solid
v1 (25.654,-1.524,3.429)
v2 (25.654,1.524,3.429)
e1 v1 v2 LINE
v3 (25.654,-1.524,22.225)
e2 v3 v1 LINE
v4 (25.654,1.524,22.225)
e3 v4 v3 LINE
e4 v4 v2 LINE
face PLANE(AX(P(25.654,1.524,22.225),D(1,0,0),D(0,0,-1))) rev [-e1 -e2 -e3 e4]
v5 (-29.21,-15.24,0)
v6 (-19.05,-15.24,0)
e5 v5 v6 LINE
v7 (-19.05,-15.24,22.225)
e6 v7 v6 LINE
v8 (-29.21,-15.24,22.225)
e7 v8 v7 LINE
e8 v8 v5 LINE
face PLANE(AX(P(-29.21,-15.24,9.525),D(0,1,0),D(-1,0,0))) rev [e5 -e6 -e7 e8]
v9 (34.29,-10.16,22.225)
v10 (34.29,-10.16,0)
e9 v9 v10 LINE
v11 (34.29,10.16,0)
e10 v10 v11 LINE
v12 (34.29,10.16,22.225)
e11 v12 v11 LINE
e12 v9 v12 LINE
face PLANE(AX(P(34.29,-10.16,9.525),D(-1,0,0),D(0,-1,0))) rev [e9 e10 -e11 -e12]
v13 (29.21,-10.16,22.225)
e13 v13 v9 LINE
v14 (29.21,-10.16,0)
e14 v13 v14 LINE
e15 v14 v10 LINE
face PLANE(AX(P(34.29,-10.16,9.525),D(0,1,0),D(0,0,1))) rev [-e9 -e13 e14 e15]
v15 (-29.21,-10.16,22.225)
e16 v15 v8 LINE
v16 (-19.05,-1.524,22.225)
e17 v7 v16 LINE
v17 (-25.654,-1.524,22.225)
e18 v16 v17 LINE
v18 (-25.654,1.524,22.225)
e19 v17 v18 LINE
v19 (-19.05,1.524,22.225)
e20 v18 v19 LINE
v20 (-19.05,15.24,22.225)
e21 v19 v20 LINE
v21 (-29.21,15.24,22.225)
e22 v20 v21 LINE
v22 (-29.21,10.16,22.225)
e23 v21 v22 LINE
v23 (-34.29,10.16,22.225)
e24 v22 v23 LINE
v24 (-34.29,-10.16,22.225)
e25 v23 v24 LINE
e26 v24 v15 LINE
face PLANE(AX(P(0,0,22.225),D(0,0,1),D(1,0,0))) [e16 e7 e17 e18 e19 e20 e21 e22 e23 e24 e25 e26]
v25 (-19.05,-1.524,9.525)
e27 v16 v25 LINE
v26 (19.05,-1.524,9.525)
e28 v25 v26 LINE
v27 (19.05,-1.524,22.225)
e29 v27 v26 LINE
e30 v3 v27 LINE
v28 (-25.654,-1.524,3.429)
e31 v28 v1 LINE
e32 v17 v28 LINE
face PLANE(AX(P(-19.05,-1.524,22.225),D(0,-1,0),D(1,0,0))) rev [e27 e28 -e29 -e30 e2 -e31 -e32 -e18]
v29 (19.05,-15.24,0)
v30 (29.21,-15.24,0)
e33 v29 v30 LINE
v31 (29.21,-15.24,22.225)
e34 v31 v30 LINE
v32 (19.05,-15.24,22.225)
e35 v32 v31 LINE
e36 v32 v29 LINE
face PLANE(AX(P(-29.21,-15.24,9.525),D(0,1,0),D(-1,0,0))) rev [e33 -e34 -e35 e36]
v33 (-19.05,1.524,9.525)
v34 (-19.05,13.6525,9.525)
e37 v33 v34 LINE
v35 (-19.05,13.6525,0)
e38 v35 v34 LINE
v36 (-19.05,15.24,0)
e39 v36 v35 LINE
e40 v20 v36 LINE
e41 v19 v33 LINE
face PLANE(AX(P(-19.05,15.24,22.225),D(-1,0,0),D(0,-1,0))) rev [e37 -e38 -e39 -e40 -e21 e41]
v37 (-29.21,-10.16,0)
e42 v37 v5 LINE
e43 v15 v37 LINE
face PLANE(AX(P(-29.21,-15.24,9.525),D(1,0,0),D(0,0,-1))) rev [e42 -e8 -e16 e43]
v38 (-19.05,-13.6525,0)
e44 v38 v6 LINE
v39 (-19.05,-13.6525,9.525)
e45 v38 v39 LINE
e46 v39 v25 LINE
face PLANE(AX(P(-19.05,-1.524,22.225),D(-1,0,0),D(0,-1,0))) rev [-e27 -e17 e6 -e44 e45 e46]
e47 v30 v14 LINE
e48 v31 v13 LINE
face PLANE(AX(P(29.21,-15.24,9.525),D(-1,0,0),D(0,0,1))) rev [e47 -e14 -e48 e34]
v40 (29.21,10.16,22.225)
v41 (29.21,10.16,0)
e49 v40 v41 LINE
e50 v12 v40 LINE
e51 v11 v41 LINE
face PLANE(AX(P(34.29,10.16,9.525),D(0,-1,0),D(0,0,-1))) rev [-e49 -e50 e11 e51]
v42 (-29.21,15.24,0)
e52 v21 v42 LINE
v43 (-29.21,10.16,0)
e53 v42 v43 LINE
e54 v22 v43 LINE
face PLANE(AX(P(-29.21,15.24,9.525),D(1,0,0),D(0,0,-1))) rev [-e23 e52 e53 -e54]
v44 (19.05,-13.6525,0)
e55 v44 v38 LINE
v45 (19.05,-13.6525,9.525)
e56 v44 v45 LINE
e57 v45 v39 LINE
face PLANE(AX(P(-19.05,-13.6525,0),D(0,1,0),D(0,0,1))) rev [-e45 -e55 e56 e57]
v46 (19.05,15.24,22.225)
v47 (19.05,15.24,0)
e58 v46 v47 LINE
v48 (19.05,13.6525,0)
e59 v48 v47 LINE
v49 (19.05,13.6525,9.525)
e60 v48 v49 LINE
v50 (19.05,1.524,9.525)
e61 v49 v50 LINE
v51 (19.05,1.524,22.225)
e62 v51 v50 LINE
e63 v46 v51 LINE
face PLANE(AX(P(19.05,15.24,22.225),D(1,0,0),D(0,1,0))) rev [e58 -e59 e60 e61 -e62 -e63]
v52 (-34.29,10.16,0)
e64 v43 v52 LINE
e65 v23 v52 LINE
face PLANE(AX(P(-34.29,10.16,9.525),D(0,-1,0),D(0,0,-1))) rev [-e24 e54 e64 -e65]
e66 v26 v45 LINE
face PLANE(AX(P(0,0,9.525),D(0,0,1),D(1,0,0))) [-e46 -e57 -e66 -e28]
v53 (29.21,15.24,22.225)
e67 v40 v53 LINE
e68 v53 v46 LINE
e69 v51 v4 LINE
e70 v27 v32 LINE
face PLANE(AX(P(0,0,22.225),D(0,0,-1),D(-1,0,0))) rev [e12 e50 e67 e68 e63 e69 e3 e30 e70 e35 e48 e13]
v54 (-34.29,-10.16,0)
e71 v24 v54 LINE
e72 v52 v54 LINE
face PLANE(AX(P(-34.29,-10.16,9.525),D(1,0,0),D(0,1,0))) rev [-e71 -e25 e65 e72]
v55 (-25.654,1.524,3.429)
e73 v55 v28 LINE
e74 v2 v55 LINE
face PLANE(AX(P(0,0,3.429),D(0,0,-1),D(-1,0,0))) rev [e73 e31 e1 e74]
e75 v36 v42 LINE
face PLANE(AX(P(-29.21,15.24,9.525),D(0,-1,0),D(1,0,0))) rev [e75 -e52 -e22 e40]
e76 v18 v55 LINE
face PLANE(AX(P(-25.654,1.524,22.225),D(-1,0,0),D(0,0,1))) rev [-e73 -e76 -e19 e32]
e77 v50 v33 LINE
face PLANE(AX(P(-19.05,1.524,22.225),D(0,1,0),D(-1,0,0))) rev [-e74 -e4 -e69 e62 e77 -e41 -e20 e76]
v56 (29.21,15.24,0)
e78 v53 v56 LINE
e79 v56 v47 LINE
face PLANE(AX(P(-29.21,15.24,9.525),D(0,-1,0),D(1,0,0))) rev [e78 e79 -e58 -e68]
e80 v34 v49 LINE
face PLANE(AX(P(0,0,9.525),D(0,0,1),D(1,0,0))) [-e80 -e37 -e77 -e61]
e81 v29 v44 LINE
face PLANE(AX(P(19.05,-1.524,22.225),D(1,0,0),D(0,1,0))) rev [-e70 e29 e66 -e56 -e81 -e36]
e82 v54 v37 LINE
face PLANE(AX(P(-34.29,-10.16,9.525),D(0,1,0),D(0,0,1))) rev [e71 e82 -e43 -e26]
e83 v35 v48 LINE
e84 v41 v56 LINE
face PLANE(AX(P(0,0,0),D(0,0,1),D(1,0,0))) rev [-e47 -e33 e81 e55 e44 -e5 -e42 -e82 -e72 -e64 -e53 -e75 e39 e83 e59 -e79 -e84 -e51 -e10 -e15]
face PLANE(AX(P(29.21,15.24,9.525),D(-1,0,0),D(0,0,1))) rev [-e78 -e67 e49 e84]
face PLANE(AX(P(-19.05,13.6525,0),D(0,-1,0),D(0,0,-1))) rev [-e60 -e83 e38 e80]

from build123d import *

# Parameters (mm, degrees)
BOSS_EXTRUDE1_DEPTH     = 9.525
BOSS_EXTRUDE2_DEPTH     = 12.7
SKETCH4_W               = 51.308
SKETCH4_H               = 3.048
CUT_EXTRUDE1_DEPTH      = 6.096
CUT_EXTRUDE2_DEPTH      = 40.61504386
CUT_EXTRUDE2_DEPTH_BACK = 40.61504386
SKETCH5_W               = 38.1
SKETCH5_H               = 1.5875


with BuildPart() as part:
    # Sketch1 → Boss-Extrude1 (new body)
    with BuildSketch(Plane.XY):
        Polygon((-29.21, -15.24), (29.21, -15.24), (29.21, -10.16), (34.29, -10.16), (34.29, 10.16), (29.21, 10.16), (29.21, 15.24), (-29.21, 15.24), (-29.21, 10.16), (-34.29, 10.16), (-34.29, -10.16), (-29.21, -10.16), align=None)
    extrude(amount=BOSS_EXTRUDE1_DEPTH)

    # Sketch3 → Boss-Extrude2 (add)
    with BuildSketch(Plane.XY.offset(9.525)):
        Polygon((-29.21, 15.24), (-19.05, 15.24), (-19.05, 1.524), (-25.654, 1.524), (-25.654, -1.524), (-19.05, -1.524), (-19.05, -15.24), (-29.21, -15.24), (-29.21, -10.16), (-34.29, -10.16), (-34.29, 10.16), (-29.21, 10.16), align=None)
        Polygon((19.05, -1.524), (19.05, -15.24), (29.21, -15.24), (29.21, -10.16), (34.29, -10.16), (34.29, 10.16), (29.21, 10.16), (29.21, 15.24), (19.05, 15.24), (19.05, 1.524), (25.654, 1.524), (25.654, -1.524), align=None)
    extrude(amount=BOSS_EXTRUDE2_DEPTH)

    # Sketch4 → Cut-Extrude1 (cut)
    with BuildSketch(Plane.XY.offset(9.525)):
        Rectangle(SKETCH4_W, SKETCH4_H)
    extrude(amount=-CUT_EXTRUDE1_DEPTH, mode=Mode.SUBTRACT)

    # Sketch5 → Cut-Extrude2 (cut, two sides: drawn at the far end of the back side and taken through both)
    with BuildSketch(Plane.XY.offset(9.525).offset(-CUT_EXTRUDE2_DEPTH_BACK)):
        with Locations((0, 14.44625)):
            Rectangle(SKETCH5_W, SKETCH5_H)
        with Locations((0, -14.44625)):
            Rectangle(SKETCH5_W, SKETCH5_H)
    extrude(amount=CUT_EXTRUDE2_DEPTH + CUT_EXTRUDE2_DEPTH_BACK, mode=Mode.SUBTRACT)


solid = part.part
